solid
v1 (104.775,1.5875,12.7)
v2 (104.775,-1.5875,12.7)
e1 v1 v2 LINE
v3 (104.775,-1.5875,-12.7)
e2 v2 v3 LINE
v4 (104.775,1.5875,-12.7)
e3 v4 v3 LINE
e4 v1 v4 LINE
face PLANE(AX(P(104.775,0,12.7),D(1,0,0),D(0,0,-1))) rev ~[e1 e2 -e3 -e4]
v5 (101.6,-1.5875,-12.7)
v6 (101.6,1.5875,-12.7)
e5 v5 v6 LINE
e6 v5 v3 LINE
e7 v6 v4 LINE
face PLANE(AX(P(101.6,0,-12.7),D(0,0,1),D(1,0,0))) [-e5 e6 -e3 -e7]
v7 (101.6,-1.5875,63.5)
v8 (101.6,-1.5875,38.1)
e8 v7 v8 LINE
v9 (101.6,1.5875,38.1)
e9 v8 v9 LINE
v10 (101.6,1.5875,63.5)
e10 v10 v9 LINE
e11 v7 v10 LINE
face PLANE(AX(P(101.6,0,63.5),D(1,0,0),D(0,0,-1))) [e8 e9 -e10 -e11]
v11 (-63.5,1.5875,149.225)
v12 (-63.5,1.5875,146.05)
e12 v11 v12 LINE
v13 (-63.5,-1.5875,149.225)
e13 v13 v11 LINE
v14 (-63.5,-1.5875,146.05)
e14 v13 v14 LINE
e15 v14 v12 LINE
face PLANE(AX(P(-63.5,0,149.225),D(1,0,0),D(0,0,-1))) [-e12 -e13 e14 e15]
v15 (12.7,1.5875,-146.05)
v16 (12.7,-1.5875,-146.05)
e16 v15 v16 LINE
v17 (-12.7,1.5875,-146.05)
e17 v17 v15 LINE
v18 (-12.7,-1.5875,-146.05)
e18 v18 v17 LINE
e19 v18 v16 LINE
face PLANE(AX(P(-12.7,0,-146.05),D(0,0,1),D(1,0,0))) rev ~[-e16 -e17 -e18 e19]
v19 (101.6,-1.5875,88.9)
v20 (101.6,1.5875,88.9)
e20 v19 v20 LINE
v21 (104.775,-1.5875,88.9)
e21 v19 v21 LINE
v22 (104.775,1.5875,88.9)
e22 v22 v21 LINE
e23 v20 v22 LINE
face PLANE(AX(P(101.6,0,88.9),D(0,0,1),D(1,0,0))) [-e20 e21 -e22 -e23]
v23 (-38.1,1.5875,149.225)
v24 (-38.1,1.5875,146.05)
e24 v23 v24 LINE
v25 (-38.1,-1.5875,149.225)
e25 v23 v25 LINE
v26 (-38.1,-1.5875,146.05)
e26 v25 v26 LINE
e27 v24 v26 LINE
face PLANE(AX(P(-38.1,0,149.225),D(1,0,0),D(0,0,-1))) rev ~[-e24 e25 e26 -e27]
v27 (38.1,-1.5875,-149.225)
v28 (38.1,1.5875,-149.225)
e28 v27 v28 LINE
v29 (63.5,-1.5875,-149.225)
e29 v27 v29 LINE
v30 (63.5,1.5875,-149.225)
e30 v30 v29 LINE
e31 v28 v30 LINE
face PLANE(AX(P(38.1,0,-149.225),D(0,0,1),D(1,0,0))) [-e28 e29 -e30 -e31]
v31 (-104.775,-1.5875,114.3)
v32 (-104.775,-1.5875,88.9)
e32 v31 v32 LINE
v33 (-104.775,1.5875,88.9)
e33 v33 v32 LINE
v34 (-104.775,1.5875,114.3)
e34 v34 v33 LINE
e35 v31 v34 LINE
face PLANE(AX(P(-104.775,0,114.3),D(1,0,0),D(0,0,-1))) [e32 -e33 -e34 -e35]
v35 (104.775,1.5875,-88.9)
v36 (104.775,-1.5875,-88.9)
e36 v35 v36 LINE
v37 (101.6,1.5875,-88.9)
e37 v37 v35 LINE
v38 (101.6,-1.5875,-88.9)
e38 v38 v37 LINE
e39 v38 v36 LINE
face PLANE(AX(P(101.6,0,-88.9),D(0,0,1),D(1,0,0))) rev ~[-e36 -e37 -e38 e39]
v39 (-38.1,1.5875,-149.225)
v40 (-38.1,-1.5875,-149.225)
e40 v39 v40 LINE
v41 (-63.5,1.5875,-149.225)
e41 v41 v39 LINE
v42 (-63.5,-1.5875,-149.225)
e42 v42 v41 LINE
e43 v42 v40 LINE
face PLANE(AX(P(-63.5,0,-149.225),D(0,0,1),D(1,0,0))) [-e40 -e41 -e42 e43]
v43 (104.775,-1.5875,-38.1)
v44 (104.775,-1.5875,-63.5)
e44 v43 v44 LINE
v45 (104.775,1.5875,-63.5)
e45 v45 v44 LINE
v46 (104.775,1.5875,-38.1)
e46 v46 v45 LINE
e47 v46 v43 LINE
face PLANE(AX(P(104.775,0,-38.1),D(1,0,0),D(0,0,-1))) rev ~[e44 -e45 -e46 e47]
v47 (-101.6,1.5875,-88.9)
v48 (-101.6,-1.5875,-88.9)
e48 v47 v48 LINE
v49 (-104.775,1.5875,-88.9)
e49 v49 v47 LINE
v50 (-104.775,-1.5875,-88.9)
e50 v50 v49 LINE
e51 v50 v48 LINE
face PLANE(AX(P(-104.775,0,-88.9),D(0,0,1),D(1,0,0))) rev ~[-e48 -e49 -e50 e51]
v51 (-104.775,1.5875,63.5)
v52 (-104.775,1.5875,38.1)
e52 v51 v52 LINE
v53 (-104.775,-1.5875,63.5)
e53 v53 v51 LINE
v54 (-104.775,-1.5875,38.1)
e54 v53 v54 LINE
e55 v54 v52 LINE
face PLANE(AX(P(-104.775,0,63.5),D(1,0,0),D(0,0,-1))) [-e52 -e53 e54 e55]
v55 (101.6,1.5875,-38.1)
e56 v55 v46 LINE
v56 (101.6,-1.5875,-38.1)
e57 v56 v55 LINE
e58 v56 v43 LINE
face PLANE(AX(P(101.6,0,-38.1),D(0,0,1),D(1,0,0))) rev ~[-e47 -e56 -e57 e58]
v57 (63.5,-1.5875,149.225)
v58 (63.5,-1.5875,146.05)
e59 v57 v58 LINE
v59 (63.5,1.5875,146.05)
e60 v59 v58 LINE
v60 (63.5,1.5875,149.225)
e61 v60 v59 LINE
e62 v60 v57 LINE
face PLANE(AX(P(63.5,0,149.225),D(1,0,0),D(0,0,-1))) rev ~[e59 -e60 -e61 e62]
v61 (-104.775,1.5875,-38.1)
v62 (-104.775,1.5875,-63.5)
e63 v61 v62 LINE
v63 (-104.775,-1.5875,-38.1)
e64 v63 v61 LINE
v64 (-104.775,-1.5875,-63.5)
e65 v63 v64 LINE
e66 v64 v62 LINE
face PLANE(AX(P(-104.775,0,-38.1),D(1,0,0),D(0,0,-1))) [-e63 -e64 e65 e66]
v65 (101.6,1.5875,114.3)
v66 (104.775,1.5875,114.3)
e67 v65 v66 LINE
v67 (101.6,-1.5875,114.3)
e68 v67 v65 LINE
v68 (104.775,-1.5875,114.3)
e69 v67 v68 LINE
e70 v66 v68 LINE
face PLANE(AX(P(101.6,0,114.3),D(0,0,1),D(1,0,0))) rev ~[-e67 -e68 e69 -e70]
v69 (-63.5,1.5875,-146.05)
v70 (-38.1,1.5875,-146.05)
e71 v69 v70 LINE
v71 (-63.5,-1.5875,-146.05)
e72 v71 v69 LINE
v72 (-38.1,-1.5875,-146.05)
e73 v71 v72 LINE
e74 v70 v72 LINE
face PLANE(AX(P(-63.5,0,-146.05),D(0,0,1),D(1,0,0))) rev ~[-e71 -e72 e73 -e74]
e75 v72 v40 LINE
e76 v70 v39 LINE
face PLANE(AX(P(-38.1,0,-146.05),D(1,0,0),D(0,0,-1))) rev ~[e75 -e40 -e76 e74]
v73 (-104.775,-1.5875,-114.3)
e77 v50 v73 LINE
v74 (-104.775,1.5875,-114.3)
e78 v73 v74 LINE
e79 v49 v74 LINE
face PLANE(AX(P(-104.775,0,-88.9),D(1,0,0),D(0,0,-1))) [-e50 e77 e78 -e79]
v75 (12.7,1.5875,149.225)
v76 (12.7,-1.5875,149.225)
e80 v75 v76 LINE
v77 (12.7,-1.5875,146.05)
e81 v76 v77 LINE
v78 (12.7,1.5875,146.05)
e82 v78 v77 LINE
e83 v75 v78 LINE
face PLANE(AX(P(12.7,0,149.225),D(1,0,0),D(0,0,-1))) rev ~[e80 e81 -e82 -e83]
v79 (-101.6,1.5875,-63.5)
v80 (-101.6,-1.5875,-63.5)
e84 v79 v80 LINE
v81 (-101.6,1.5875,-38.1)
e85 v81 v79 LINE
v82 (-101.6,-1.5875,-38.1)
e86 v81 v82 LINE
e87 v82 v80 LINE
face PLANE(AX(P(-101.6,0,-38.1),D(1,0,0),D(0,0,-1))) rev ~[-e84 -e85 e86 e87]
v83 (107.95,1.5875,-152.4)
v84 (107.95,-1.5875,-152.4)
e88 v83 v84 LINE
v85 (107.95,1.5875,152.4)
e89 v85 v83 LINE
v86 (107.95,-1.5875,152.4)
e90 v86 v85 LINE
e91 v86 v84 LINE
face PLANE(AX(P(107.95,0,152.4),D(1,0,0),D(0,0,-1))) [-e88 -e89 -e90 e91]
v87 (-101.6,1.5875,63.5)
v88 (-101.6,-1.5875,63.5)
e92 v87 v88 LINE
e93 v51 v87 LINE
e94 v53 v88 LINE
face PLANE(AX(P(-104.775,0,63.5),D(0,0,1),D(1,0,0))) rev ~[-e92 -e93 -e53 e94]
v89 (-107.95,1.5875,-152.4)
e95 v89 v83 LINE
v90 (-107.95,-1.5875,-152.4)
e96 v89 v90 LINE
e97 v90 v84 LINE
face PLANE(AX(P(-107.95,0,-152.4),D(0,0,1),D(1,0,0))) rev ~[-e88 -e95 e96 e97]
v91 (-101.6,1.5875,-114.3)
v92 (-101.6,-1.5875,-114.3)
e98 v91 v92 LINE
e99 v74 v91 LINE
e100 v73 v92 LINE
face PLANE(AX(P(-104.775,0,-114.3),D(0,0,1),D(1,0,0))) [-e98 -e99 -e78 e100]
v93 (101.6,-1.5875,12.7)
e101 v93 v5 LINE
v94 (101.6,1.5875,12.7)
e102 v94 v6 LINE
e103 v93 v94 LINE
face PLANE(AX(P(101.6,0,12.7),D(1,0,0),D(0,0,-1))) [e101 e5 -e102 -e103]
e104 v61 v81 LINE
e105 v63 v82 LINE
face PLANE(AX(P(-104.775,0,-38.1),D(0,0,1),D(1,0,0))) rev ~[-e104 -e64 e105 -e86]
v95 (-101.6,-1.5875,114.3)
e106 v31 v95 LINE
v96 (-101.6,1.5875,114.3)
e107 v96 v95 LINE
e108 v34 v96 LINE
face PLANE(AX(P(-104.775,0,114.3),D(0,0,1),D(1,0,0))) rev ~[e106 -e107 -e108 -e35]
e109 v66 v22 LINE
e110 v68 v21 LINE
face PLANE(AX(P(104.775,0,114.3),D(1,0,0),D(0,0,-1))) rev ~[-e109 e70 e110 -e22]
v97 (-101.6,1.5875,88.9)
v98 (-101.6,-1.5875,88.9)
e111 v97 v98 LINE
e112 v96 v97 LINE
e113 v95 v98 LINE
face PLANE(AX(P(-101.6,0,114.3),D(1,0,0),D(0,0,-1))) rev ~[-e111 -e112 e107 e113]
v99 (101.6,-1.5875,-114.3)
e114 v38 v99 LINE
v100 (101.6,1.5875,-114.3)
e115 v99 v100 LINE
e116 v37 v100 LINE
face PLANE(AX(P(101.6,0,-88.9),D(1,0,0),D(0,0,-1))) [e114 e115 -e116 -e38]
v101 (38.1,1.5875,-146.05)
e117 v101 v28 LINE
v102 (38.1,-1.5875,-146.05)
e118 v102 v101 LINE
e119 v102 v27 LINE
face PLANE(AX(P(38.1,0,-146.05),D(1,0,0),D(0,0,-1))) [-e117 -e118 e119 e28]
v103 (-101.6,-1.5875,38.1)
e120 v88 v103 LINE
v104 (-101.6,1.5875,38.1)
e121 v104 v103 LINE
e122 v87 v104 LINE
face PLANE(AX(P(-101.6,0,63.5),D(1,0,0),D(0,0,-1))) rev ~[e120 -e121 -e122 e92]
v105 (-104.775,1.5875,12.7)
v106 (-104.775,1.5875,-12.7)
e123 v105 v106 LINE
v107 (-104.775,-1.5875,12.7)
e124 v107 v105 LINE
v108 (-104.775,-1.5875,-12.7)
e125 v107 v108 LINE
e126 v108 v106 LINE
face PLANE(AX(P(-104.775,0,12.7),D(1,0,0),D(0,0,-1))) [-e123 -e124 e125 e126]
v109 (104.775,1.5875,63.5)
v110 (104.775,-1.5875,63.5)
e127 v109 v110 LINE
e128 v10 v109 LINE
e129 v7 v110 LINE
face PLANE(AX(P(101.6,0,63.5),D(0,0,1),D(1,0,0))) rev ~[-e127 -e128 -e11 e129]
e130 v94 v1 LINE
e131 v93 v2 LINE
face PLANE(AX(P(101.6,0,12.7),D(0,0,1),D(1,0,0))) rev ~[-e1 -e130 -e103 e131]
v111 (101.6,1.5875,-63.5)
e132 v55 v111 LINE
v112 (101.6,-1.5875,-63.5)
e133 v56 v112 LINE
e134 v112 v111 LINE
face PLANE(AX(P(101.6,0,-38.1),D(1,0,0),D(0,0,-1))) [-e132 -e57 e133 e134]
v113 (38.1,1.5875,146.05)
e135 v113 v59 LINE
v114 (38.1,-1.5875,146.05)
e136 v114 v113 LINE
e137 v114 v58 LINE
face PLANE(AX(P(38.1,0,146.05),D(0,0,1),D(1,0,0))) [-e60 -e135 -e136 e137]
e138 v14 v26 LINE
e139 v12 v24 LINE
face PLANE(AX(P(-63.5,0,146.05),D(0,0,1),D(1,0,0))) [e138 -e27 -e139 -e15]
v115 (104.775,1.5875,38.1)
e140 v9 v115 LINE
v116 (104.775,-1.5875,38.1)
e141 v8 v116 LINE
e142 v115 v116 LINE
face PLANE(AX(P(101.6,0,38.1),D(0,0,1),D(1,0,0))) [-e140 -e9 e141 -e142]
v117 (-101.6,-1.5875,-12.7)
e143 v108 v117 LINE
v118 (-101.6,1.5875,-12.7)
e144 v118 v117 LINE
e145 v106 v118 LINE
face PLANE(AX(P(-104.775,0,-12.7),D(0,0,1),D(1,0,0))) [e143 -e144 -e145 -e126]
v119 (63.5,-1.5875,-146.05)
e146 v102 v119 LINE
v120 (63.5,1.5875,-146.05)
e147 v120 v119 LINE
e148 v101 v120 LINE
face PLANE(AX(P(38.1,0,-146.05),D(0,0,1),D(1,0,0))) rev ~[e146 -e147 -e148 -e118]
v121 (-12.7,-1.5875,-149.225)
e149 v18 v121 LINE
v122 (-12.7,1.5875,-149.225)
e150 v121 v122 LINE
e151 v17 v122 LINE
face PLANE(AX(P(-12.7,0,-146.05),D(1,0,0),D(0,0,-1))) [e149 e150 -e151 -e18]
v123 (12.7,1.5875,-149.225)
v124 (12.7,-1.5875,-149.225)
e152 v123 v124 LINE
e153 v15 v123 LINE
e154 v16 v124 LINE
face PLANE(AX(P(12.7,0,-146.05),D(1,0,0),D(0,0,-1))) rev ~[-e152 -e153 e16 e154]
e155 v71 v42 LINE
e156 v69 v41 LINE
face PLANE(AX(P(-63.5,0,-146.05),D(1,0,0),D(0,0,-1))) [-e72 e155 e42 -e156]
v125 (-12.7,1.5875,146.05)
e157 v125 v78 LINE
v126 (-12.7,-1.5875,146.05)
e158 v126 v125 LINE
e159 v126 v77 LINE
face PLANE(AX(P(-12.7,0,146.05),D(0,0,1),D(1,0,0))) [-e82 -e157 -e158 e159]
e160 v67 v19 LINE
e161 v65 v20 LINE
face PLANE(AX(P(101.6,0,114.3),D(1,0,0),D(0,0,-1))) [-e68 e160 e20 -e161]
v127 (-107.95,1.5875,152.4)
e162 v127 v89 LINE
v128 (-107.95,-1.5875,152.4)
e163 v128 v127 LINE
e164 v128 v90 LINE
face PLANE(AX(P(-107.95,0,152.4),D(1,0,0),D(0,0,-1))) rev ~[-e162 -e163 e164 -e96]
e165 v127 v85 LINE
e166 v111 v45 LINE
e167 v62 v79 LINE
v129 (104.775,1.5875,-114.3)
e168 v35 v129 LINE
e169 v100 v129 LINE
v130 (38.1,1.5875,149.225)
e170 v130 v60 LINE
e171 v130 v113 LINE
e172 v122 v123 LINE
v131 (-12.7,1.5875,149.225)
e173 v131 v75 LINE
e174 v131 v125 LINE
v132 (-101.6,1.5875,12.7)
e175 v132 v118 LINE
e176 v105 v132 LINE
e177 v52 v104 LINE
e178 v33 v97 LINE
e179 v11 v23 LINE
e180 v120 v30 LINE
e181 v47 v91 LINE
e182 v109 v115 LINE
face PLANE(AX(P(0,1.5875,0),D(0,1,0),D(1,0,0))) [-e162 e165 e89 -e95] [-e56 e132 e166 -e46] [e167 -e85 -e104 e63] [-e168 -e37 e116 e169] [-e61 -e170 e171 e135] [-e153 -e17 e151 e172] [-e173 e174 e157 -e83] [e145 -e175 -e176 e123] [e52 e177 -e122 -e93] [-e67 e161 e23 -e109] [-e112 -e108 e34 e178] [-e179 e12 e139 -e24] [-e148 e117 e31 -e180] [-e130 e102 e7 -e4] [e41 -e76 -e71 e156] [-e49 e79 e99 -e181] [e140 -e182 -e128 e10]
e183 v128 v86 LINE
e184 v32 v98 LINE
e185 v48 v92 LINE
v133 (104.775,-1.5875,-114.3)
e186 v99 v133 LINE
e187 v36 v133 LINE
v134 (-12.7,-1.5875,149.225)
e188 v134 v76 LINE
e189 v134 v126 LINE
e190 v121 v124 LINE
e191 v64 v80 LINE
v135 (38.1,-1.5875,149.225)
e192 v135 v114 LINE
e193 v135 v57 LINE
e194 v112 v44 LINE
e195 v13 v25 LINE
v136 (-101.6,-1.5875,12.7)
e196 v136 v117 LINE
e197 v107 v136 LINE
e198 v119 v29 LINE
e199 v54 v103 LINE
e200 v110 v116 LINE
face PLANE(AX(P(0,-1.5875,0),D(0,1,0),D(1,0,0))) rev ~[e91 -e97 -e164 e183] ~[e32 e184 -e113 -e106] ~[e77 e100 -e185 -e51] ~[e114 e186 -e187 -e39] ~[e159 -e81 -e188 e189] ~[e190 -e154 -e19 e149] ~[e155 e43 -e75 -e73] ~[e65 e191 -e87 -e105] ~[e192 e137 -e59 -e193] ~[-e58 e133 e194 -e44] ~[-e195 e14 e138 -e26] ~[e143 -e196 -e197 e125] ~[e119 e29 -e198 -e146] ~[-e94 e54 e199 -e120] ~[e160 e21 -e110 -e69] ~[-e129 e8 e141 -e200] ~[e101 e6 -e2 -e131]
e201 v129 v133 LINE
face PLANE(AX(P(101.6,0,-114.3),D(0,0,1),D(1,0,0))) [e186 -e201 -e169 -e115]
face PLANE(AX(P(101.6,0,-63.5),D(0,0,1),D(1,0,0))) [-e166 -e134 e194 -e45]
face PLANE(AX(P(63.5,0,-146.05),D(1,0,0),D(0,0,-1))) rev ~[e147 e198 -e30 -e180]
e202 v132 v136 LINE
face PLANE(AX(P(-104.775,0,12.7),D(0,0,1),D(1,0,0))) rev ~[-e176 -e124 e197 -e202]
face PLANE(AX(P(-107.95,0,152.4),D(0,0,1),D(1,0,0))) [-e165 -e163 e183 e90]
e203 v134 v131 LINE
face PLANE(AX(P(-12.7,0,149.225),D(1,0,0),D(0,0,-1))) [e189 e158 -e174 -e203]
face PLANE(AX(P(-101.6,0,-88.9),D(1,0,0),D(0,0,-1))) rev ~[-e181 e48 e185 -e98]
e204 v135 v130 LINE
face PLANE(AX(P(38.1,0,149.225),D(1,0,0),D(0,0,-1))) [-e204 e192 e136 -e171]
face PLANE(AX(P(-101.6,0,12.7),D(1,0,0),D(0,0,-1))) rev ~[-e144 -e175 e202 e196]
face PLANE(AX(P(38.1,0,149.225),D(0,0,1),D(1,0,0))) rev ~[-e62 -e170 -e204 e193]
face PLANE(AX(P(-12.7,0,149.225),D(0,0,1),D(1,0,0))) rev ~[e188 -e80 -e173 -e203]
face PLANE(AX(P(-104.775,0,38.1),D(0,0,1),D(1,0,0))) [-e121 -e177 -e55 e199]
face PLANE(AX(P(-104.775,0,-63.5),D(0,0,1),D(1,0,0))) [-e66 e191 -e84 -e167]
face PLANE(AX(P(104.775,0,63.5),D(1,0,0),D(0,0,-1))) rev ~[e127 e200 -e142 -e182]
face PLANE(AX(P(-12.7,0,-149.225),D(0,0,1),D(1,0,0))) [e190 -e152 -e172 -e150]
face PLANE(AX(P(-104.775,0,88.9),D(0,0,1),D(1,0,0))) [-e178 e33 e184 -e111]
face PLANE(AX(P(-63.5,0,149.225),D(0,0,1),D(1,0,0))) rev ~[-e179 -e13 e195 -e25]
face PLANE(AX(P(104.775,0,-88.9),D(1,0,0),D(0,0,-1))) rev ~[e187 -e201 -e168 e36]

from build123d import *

# Parameters (mm, degrees)
SKETCH1_W           = 215.9
SKETCH1_H           = 304.8
SKETCH1_W_2         = 25.4
SKETCH1_H_2         = 3.175
SKETCH1_W_3         = 3.175
SKETCH1_H_3         = 25.4
BOSS_EXTRUDE1_DEPTH = 1.5875


with BuildPart() as part:
    # Sketch1 → Boss-Extrude1 (new body, symmetric)
    with BuildSketch(Plane(origin=(0, 0, 0), x_dir=(1, 0, 0), z_dir=(0, 1, 0))):
        Rectangle(SKETCH1_W, SKETCH1_H)
        with Locations((0, 147.6375)):
            Rectangle(SKETCH1_W_2, SKETCH1_H_2, mode=Mode.SUBTRACT)
        with Locations((50.8, 147.6375)):
            Rectangle(SKETCH1_W_2, SKETCH1_H_2, mode=Mode.SUBTRACT)
        with Locations((-50.8, 147.6375)):
            Rectangle(SKETCH1_W_2, SKETCH1_H_2, mode=Mode.SUBTRACT)
        with Locations((-50.8, -147.6375)):
            Rectangle(SKETCH1_W_2, SKETCH1_H_2, mode=Mode.SUBTRACT)
        with Locations((0, -147.6375)):
            Rectangle(SKETCH1_W_2, SKETCH1_H_2, mode=Mode.SUBTRACT)
        with Locations((50.8, -147.6375)):
            Rectangle(SKETCH1_W_2, SKETCH1_H_2, mode=Mode.SUBTRACT)
        with Locations((103.1875, 0)):
            Rectangle(SKETCH1_W_3, SKETCH1_H_3, mode=Mode.SUBTRACT)
        with Locations((103.1875, 50.8)):
            Rectangle(SKETCH1_W_3, SKETCH1_H_3, mode=Mode.SUBTRACT)
        with Locations((103.1875, 101.6)):
            Rectangle(SKETCH1_W_3, SKETCH1_H_3, mode=Mode.SUBTRACT)
        with Locations((103.1875, -50.8)):
            Rectangle(SKETCH1_W_3, SKETCH1_H_3, mode=Mode.SUBTRACT)
        with Locations((103.1875, -101.6)):
            Rectangle(SKETCH1_W_3, SKETCH1_H_3, mode=Mode.SUBTRACT)
        with Locations((-103.1875, 101.6)):
            Rectangle(SKETCH1_W_3, SKETCH1_H_3, mode=Mode.SUBTRACT)
        with Locations((-103.1875, 50.8)):
            Rectangle(SKETCH1_W_3, SKETCH1_H_3, mode=Mode.SUBTRACT)
        with Locations((-103.1875, 0)):
            Rectangle(SKETCH1_W_3, SKETCH1_H_3, mode=Mode.SUBTRACT)
        with Locations((-103.1875, -50.8)):
            Rectangle(SKETCH1_W_3, SKETCH1_H_3, mode=Mode.SUBTRACT)
        with Locations((-103.1875, -101.6)):
            Rectangle(SKETCH1_W_3, SKETCH1_H_3, mode=Mode.SUBTRACT)
    extrude(amount=BOSS_EXTRUDE1_DEPTH, both=True)


solid = part.part
